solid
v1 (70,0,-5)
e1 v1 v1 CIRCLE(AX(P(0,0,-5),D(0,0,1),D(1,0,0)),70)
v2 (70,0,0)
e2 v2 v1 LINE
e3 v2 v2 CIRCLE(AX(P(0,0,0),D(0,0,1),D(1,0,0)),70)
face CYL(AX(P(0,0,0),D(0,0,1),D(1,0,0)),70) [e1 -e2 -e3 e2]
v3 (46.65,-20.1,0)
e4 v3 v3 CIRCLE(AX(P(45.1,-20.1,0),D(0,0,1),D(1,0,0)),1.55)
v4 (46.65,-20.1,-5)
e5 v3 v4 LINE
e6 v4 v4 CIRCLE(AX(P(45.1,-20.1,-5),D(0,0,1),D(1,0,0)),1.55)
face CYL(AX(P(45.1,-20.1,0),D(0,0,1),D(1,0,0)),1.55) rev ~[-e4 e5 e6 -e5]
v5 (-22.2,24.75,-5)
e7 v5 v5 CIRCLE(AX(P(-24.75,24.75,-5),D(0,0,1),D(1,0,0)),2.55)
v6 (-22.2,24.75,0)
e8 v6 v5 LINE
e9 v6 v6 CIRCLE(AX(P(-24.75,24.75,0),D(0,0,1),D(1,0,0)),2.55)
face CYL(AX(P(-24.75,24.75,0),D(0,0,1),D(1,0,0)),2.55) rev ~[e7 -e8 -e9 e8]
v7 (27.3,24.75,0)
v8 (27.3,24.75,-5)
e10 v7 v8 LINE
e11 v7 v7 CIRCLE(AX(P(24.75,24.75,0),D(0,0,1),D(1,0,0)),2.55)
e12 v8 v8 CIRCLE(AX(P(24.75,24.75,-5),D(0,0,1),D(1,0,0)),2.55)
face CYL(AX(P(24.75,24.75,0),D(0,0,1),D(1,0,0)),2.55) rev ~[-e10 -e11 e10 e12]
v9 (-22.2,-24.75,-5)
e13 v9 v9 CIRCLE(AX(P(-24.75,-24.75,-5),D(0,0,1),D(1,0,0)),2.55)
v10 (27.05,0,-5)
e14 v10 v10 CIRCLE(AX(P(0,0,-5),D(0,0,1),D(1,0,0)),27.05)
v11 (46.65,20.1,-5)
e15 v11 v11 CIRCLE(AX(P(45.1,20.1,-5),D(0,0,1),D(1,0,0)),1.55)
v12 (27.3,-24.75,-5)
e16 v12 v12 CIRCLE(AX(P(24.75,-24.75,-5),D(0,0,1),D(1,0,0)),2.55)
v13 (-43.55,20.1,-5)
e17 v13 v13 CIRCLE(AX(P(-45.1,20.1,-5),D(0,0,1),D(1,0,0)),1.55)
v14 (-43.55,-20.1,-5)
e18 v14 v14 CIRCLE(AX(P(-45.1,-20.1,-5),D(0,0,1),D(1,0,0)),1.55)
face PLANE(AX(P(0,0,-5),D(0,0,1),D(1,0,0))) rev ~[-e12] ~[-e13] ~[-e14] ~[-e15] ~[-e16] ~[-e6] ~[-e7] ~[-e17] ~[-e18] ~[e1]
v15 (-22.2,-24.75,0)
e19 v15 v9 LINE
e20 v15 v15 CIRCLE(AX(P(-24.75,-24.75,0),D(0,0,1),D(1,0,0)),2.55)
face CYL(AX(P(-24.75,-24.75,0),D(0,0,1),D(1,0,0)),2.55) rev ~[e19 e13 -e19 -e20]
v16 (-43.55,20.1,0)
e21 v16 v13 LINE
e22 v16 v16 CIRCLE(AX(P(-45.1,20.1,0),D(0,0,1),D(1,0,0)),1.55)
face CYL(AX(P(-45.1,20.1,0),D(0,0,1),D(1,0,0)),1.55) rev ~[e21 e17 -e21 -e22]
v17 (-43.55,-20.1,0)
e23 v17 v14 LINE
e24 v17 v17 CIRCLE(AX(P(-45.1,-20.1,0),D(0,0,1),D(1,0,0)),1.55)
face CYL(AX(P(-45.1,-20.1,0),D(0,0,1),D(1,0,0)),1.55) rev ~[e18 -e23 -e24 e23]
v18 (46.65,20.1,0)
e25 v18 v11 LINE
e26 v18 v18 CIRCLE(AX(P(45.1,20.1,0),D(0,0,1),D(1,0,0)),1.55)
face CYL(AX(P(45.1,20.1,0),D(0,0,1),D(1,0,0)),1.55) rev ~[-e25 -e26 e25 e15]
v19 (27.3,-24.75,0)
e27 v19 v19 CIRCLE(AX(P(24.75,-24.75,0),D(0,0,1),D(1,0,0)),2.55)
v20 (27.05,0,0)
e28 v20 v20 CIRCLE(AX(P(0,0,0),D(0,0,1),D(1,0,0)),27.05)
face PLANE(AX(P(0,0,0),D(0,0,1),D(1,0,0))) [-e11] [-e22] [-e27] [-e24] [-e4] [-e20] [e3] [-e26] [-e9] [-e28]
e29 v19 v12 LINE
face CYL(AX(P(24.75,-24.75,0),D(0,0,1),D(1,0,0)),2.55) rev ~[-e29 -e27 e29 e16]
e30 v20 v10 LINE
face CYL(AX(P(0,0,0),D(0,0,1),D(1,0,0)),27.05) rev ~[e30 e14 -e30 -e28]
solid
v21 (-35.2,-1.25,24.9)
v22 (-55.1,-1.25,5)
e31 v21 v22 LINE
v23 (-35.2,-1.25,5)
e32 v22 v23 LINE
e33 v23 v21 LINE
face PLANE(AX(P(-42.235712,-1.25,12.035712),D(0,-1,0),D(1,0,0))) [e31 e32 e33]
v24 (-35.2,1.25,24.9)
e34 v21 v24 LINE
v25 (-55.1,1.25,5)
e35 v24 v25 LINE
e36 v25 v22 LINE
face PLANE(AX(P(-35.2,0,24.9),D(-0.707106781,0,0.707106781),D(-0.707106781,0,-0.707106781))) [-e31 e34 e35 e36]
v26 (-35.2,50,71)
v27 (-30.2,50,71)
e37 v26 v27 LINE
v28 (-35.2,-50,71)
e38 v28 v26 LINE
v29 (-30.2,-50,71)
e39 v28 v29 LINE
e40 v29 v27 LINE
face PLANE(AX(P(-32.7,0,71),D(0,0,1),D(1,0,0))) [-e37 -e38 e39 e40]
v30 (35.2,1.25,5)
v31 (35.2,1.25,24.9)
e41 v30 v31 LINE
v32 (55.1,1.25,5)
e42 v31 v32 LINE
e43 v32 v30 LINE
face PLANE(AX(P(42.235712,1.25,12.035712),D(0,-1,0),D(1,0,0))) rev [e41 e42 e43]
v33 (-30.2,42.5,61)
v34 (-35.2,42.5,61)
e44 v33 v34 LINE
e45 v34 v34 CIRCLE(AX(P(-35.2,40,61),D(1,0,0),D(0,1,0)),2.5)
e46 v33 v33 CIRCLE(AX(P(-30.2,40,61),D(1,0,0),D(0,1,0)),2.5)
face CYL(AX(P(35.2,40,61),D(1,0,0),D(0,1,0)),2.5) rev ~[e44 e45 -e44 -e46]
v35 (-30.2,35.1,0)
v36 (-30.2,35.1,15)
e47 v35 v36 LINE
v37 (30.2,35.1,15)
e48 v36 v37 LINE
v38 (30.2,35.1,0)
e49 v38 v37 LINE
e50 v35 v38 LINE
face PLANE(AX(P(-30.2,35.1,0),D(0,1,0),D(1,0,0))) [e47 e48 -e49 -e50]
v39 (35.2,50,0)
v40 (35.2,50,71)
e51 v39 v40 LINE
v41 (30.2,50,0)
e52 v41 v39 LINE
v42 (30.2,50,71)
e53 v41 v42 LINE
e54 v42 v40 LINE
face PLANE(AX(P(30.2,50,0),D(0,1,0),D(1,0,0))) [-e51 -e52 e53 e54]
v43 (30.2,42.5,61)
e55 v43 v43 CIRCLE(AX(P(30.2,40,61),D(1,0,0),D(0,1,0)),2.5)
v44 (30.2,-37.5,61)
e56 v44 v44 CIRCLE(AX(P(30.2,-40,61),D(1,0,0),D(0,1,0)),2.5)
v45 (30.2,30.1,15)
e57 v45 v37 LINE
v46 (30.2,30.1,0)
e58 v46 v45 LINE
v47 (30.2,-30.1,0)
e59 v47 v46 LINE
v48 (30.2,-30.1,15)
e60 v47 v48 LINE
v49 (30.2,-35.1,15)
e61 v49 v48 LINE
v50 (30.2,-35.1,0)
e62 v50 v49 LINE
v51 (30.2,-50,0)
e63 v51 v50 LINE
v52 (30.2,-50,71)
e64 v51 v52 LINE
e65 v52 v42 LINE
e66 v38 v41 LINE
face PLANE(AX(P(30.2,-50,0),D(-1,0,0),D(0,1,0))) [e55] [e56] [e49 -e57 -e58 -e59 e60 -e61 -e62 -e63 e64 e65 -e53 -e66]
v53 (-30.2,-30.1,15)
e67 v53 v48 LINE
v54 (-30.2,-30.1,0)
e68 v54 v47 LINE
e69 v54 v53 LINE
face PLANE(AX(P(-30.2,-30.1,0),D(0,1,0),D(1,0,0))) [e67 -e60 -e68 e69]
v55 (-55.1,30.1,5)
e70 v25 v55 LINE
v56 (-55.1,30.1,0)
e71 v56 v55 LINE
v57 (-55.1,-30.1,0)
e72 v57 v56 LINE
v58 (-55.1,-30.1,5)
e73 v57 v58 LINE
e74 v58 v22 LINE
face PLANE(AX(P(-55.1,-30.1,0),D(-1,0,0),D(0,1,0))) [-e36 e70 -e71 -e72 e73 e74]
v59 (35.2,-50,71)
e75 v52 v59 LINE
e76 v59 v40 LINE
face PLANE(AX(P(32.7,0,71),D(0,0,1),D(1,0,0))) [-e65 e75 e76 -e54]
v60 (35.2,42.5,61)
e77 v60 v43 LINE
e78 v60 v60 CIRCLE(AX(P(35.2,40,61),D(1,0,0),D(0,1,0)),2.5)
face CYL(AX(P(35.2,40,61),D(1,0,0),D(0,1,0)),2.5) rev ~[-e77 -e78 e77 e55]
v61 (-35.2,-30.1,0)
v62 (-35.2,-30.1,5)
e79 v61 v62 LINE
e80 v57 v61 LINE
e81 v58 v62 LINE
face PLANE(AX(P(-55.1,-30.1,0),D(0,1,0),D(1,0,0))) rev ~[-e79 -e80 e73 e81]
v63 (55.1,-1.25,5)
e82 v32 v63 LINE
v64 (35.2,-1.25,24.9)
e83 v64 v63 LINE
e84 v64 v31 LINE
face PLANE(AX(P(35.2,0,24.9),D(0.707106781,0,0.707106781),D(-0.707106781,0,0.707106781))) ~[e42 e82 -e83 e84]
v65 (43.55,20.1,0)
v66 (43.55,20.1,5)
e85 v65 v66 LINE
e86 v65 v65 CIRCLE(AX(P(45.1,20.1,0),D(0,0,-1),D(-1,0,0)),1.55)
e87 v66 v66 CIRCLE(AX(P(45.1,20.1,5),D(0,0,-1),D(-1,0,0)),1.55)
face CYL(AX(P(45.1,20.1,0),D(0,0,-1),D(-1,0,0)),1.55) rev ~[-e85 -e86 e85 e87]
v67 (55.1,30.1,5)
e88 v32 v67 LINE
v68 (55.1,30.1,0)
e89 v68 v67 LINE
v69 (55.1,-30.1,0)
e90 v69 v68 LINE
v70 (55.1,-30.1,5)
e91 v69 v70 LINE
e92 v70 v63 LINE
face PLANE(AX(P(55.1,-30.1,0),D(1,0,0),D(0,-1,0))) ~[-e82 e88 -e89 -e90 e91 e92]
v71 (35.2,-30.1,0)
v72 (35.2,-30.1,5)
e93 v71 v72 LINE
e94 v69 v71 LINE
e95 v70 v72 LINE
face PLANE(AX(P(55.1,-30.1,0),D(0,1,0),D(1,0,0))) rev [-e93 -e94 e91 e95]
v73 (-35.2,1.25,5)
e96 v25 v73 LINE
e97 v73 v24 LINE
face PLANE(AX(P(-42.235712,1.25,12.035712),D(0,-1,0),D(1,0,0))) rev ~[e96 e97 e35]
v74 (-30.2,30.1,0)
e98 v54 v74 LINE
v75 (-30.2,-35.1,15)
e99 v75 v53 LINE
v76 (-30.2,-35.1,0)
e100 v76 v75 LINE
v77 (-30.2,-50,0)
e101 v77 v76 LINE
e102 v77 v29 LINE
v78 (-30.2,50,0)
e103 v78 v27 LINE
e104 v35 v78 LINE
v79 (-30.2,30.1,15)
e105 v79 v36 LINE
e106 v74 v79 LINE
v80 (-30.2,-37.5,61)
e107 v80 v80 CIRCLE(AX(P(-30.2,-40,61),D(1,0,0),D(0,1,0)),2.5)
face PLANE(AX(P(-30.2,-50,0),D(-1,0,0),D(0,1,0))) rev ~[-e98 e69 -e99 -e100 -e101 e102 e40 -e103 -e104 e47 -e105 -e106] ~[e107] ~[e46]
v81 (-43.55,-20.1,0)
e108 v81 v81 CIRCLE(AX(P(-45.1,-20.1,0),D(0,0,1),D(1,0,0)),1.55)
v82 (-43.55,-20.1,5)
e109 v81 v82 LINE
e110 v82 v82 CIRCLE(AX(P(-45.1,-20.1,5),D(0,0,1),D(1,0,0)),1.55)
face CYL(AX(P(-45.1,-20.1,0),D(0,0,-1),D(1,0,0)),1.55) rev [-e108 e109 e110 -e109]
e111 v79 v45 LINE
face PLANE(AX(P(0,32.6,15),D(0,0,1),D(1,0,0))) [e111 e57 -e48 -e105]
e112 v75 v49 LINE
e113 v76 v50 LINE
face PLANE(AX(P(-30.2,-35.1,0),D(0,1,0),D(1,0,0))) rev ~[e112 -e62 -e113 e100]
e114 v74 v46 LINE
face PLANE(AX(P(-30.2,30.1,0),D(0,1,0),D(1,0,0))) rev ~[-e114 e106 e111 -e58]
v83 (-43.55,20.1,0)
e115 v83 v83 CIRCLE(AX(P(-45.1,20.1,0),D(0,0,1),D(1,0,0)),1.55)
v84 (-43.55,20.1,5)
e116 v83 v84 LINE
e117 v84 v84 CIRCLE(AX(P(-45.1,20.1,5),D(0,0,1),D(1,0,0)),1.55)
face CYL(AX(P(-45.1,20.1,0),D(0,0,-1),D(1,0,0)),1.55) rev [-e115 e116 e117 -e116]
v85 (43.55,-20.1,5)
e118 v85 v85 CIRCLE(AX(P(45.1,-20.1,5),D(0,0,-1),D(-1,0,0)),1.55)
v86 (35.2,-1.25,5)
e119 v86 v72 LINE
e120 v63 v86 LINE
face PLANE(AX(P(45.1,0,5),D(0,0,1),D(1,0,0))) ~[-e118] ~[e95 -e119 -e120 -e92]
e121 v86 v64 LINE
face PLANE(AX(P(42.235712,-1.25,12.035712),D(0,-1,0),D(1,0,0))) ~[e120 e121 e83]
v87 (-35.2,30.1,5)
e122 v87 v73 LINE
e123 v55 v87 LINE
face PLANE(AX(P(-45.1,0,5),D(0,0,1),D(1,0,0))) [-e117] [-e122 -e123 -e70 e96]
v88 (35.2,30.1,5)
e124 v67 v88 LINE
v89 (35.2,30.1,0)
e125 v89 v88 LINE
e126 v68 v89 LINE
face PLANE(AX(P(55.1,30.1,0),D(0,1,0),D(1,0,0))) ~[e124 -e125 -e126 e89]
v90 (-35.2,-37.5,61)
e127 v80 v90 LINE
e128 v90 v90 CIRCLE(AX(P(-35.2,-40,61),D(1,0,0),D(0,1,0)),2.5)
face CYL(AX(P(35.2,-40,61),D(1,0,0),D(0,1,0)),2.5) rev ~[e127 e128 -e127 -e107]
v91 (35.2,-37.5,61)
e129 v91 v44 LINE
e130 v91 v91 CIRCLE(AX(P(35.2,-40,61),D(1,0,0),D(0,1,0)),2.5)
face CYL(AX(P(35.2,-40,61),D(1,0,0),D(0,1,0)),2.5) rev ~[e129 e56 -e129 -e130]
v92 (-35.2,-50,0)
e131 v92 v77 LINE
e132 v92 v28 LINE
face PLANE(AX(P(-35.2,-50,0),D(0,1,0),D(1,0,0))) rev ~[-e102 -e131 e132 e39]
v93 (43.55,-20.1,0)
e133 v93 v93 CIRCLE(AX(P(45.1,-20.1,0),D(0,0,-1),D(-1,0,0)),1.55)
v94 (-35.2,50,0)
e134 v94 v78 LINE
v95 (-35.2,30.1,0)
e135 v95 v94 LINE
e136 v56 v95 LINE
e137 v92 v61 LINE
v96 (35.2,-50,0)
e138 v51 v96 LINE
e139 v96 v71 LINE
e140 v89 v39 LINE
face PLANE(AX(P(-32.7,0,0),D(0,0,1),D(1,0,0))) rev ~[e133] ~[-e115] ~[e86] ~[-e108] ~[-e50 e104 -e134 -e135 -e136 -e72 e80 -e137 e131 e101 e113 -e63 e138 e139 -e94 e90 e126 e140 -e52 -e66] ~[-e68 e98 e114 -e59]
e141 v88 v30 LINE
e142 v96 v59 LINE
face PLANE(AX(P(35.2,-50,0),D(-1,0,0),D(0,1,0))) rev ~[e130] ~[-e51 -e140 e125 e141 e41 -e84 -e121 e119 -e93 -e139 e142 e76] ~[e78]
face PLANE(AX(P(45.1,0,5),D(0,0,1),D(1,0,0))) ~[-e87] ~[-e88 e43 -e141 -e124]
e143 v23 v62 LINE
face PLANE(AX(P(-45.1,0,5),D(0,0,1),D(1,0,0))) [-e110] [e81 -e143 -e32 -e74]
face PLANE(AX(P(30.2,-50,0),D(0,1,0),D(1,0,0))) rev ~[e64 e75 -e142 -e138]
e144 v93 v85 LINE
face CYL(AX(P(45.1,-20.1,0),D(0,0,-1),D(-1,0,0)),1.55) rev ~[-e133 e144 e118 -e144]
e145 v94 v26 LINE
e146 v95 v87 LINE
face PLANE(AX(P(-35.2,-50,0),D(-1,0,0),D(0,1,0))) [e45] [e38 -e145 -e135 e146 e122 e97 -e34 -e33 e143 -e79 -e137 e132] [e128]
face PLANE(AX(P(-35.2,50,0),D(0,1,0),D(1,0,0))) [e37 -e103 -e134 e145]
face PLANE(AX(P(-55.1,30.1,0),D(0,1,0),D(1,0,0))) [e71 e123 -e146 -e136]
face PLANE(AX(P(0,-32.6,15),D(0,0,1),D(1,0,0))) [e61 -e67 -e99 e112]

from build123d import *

# Parameters (mm, degrees)
F1_W      = 20
F1_H      = 60.2
F1_R      = 1.55
F2_DEPTH  = 5
F4_W      = 5
F4_H      = 100
F5_DEPTH  = 71
F6_R      = 2.5
F7_DEPTH  = 90.301
F8_W      = 60.4
F8_H      = 5
F9_DEPTH  = 15
F11_DEPTH = 1.25
F13_R     = 70
F13_R_2   = 1.55
F13_R_3   = 2.55
F13_R_4   = 27.05
F14_DEPTH = 5


with BuildPart() as f2:
    # F1 (on Top) → F2 (new body)
    with BuildSketch(Plane.XY):
        with Locations((-45.1, 0)):
            Rectangle(F1_W, F1_H)
        with Locations((-45.1, -20.1)):
            Circle(F1_R, mode=Mode.SUBTRACT)
        with Locations((-45.1, 20.1)):
            Circle(F1_R, mode=Mode.SUBTRACT)
    extrude(amount=F2_DEPTH)



with BuildPart() as f5:
    # F4 (on Top) → F5 (new body)
    with BuildSketch(Plane.XY):
        with Locations((32.7, 0)):
            Rectangle(F4_W, F4_H)
    extrude(amount=F5_DEPTH)


with BuildPart() as f5b:
    # F4 (on Top) → F5, piece 2 (new body)
    with BuildSketch(Plane.XY):
        with Locations((-32.7, 0)):
            Rectangle(F4_W, F4_H)
    extrude(amount=F5_DEPTH)


with BuildPart() as f7_tool:
    # F6 (on face) → F7 (new body, through all)
    with BuildSketch(Plane.YZ.offset(35.2)):
        with Locations((-40, 61)):
            Circle(F6_R)
        with Locations((40, 61)):
            Circle(F6_R)
    extrude(amount=-F7_DEPTH)


with BuildPart() as f5_1:
    add(f5.part)

    # F7: cut by f7_tool
    add(f7_tool.part, mode=Mode.SUBTRACT)



with BuildPart() as f5b_1:
    add(f5b.part)

    # F7: cut by f7_tool
    add(f7_tool.part, mode=Mode.SUBTRACT)


with BuildPart() as f5_2:
    add(f5_1.part)

    add(f5b_1.part)  # F9 merges F5b
    # F8 (on Top) → F9 (join)
    with BuildSketch(Plane.XY):
        with Locations((0, 32.6)):
            Rectangle(F8_W, F8_H)
        with Locations((0, -32.6)):
            Rectangle(F8_W, F8_H)
    extrude(amount=F9_DEPTH)


with BuildPart() as f2_1:
    add(f2.part)

    add(f5_2.part)  # F11 merges F5
    # F10 (on Front) → F11 (join, symmetric)
    with BuildSketch(Plane.XZ):
        Polygon((-35.2, 24.9), (-55.1, 5), (-35.2, 5), align=None)
    extrude(amount=F11_DEPTH, both=True)

    # F12: F2 across plane


with BuildPart() as f2_2:
    add(f2_1.part)
    add(f2_1.part.mirror(Plane.YZ))


with BuildPart() as f14:
    # F13 (on Top) → F14 (new body)
    with BuildSketch(Plane.XY):
        Circle(F13_R)
        with Locations((-45.1, -20.1)):
            Circle(F13_R_2, mode=Mode.SUBTRACT)
        with Locations((-24.75, -24.75)):
            Circle(F13_R_3, mode=Mode.SUBTRACT)
        with Locations((24.75, -24.75)):
            Circle(F13_R_3, mode=Mode.SUBTRACT)
        with Locations((45.1, -20.1)):
            Circle(F13_R_2, mode=Mode.SUBTRACT)
        with Locations((-45.1, 20.1)):
            Circle(F13_R_2, mode=Mode.SUBTRACT)
        with Locations((-24.75, 24.75)):
            Circle(F13_R_3, mode=Mode.SUBTRACT)
        Circle(F13_R_4, mode=Mode.SUBTRACT)
        with Locations((24.75, 24.75)):
            Circle(F13_R_3, mode=Mode.SUBTRACT)
        with Locations((45.1, 20.1)):
            Circle(F13_R_2, mode=Mode.SUBTRACT)
    extrude(amount=-F14_DEPTH)


solid = Compound([f2_2.part, f14.part])
